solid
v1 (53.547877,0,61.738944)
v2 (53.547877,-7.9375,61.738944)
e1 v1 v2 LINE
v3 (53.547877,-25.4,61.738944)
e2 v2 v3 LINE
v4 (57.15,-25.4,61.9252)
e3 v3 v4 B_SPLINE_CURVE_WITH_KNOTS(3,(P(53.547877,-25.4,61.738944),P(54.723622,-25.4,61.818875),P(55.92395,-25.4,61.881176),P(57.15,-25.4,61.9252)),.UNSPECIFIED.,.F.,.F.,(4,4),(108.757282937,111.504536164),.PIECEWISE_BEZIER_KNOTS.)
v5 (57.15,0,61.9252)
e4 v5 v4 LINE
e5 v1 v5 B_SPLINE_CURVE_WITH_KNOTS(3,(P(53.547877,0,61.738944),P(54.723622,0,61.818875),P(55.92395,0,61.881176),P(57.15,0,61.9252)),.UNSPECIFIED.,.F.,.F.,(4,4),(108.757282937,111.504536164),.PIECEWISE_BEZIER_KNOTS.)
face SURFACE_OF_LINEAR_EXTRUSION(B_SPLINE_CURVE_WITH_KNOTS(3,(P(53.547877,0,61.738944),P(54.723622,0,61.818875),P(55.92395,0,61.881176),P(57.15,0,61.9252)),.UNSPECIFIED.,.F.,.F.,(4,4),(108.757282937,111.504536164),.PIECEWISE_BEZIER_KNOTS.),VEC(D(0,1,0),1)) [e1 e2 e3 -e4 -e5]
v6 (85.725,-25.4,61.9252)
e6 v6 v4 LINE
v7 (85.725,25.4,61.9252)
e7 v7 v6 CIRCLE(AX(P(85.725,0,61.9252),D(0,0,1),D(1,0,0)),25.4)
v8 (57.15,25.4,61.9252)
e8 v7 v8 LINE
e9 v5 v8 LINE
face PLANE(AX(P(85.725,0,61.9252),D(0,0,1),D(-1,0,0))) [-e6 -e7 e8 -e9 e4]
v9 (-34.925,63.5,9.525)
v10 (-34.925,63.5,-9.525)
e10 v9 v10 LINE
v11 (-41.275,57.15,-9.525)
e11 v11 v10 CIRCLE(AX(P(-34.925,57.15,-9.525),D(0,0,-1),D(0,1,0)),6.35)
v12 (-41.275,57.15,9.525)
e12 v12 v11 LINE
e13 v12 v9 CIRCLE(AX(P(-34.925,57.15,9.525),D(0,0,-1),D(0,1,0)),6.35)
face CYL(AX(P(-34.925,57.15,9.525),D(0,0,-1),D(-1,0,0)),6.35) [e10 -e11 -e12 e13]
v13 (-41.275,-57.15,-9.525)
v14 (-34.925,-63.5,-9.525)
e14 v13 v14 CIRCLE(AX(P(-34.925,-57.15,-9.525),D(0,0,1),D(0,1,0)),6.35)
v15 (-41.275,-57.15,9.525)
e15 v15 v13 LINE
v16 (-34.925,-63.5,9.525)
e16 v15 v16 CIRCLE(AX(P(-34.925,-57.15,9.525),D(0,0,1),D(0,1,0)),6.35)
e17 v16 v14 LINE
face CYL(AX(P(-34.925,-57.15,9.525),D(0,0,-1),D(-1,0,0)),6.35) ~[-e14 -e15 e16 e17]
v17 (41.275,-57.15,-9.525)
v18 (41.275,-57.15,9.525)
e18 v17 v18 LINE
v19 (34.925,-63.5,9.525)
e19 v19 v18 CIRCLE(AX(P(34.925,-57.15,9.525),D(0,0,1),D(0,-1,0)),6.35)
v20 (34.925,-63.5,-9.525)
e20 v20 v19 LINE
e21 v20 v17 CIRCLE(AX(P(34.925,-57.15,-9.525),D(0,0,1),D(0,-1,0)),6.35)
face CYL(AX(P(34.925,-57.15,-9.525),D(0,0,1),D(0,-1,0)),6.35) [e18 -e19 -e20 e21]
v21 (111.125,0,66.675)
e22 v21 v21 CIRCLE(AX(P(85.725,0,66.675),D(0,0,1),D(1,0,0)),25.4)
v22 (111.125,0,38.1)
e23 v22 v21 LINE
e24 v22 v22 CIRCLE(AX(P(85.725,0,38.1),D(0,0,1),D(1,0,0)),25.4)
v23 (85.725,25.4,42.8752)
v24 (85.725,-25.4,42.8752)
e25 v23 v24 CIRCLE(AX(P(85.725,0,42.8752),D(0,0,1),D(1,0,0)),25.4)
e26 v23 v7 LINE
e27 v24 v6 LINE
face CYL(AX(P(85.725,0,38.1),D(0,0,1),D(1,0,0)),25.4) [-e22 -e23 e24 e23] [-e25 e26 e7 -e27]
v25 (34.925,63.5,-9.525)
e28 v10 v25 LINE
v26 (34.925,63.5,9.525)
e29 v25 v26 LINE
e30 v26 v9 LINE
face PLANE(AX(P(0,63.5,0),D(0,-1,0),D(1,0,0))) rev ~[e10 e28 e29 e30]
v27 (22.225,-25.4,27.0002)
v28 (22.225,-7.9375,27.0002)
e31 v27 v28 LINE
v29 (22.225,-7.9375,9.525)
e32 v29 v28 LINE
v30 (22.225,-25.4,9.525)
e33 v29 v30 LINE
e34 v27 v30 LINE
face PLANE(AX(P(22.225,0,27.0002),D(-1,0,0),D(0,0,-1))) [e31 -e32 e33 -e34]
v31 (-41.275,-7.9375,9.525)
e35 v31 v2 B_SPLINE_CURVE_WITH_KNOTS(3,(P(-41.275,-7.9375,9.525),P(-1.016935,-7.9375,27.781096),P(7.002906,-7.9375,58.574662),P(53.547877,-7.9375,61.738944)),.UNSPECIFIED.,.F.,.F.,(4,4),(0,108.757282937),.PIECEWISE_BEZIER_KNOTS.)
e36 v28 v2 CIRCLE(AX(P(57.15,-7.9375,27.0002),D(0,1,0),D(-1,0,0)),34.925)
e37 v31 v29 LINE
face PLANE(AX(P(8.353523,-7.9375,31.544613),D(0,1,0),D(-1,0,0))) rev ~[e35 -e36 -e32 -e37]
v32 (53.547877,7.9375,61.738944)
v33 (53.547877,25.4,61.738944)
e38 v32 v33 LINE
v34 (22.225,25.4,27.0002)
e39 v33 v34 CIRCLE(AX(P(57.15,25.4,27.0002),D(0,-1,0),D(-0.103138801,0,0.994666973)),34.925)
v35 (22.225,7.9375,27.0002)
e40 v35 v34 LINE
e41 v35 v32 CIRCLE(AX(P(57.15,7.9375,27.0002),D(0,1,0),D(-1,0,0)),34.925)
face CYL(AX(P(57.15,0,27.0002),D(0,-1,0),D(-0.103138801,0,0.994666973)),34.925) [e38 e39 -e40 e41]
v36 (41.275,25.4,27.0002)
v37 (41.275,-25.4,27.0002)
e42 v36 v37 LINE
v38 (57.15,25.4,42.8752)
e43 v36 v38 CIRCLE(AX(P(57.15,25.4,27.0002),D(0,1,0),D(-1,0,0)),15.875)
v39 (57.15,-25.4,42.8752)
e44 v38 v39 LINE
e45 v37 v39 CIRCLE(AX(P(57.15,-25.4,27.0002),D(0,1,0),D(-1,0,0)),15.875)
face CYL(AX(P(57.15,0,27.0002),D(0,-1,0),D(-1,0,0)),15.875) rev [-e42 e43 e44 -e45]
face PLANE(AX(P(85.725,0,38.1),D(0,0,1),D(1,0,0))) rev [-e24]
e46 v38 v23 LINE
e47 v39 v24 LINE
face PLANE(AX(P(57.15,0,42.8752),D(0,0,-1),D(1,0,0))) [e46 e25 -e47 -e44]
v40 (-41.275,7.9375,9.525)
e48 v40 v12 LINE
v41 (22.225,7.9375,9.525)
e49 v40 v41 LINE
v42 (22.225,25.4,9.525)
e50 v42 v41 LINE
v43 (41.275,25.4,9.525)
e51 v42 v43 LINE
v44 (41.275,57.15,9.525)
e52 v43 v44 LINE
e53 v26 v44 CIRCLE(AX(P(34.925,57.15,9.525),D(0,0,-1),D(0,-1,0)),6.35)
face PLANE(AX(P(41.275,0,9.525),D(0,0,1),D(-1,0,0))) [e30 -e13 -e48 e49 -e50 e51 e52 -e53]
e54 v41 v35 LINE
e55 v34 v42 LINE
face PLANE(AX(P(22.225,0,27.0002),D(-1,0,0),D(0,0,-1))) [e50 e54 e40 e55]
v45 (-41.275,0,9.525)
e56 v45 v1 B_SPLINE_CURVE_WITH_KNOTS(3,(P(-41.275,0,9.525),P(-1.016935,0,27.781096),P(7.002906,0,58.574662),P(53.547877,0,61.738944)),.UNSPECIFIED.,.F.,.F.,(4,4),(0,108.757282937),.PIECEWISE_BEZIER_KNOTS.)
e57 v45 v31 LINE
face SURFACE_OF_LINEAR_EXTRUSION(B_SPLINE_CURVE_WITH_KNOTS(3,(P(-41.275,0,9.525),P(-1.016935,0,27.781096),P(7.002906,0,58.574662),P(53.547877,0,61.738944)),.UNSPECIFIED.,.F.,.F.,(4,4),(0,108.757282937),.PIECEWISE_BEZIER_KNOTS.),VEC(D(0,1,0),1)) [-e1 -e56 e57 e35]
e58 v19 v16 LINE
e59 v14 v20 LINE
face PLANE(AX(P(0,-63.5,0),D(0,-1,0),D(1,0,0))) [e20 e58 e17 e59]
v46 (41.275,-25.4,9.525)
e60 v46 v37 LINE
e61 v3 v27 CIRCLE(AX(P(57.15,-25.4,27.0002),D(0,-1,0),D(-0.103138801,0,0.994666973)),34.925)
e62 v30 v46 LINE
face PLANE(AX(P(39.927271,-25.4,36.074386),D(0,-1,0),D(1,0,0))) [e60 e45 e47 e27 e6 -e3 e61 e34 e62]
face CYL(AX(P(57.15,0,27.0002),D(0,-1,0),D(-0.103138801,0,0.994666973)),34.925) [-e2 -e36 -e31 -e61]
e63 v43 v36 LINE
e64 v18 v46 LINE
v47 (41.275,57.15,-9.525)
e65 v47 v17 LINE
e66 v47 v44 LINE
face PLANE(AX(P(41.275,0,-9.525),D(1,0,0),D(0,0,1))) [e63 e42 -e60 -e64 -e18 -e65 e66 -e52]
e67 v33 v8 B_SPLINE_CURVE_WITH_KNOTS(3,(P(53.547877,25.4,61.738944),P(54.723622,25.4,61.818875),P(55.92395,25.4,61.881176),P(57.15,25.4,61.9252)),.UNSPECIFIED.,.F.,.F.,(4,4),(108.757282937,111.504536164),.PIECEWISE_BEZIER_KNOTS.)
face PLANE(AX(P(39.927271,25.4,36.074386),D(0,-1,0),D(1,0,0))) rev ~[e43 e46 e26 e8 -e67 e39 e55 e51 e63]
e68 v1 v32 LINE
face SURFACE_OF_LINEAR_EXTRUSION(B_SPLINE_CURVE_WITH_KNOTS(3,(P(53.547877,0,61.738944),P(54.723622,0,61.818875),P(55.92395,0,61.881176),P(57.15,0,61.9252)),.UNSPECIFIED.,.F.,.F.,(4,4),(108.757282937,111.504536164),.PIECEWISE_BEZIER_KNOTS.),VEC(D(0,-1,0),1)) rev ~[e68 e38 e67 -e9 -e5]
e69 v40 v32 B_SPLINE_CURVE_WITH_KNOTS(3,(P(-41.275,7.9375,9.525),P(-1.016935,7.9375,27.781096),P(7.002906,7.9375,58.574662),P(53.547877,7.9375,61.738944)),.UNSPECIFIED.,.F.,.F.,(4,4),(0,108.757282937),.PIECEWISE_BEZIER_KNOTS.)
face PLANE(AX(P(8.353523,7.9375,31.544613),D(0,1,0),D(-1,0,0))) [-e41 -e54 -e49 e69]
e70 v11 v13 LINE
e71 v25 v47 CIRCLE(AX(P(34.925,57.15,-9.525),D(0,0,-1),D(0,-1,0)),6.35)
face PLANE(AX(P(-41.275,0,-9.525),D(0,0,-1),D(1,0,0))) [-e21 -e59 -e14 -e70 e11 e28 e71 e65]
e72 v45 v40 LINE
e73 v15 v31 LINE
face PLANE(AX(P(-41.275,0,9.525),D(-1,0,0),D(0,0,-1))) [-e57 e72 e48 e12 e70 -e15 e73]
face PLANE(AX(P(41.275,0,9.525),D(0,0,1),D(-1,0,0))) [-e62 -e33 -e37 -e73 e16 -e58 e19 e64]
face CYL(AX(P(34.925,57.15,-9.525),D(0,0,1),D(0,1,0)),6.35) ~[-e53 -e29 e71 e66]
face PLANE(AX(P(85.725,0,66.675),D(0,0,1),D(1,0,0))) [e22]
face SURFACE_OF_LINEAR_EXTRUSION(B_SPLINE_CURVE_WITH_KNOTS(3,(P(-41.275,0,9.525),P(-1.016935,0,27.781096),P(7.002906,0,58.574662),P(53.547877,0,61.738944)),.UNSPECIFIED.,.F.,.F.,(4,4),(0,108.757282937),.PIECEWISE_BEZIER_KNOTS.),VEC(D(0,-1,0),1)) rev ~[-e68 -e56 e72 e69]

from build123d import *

# Parameters (mm, degrees)
F1_DEPTH = 63.5
F0_W     = 25.4
F0_H     = 19.05
F2_DEPTH = 25.4
F3_DEPTH = 7.9375
F4_R     = 6.35


with BuildPart() as f1:
    # F0 (on Front) → F1 (new body, symmetric)
    with BuildSketch(Plane.XZ):
        Polygon((22.225, 9.525), (-41.275, 9.525), (-41.275, -9.525), (41.275, -9.525), (41.275, 9.525), align=None)
    extrude(amount=F1_DEPTH, both=True)

    # F0 (on Front) → F2 (join, symmetric)
    with BuildSketch(Plane.XZ):
        with BuildLine():
            Line((22.225, 27.0002), (22.225, 9.525))
            Line((22.225, 9.525), (41.275, 9.525))
            Line((41.275, 9.525), (41.275, 27.0002))
            ThreePointArc((41.275, 27.0002), (45.9246798487, 38.2255201513), (57.15, 42.8752))
            Line((57.15, 42.8752), (60.325, 42.8752))
            Line((60.325, 42.8752), (60.325, 61.9252))
            Line((60.325, 61.9252), (57.15, 61.9252))
            add(Edge.make_bspline(
                [(53.5478773924, 61.7389440435), (54.7236223027, 61.8188750889), (55.923949642, 61.8811762152), (57.15, 61.9252)],
                knots=[108.7572829366, 108.7572829366, 108.7572829366, 108.7572829366, 111.5045361635, 111.5045361635, 111.5045361635, 111.5045361635], degree=3))
            ThreePointArc((53.5478773924, 61.7389440435), (31.2119993343, 50.3877126182), (22.225, 27.0002))
        make_face()
        with Locations((73.025, 52.4002)):
            Rectangle(F0_W, F0_H)
    extrude(amount=F2_DEPTH, both=True)

    # F0 (on Front) → F3 (join, symmetric)
    with BuildSketch(Plane.XZ):
        with BuildLine():
            add(Edge.make_bspline(
                [(-41.275, 9.525), (-1.0169351027, 27.7810963439), (7.0029063578, 58.5746622675), (53.5478773924, 61.7389440435)],
                knots=[0, 0, 0, 0, 108.7572829366, 108.7572829366, 108.7572829366, 108.7572829366], degree=3))
            Line((-41.275, 9.525), (22.225, 9.525))
            Line((22.225, 9.525), (22.225, 27.0002))
            ThreePointArc((22.225, 27.0002), (31.2119993343, 50.3877126182), (53.5478773924, 61.7389440435))
        make_face()
    extrude(amount=F3_DEPTH, both=True)

    # F4
    f4_edges = [f1.edges().sort_by_distance(p)[0] for p in [
        (-41.275, -63.5, 0),
        (41.275, -63.5, 0),
        (41.275, 63.5, 0),
        (-41.275, 63.5, 0),
    ]]
    fillet(f4_edges, radius=F4_R)

    # F0 (on Front) → F5 (revolve)
    with BuildSketch(Plane.XZ):
        Polygon((85.725, 66.675), (85.725, 61.9252), (85.725, 42.8752), (85.725, 38.1), (111.125, 38.1), (111.125, 66.675), align=None)
    revolve(axis=Axis((85.725, 0, 52.3875), (0, 0, 1)))


solid = f1.part
